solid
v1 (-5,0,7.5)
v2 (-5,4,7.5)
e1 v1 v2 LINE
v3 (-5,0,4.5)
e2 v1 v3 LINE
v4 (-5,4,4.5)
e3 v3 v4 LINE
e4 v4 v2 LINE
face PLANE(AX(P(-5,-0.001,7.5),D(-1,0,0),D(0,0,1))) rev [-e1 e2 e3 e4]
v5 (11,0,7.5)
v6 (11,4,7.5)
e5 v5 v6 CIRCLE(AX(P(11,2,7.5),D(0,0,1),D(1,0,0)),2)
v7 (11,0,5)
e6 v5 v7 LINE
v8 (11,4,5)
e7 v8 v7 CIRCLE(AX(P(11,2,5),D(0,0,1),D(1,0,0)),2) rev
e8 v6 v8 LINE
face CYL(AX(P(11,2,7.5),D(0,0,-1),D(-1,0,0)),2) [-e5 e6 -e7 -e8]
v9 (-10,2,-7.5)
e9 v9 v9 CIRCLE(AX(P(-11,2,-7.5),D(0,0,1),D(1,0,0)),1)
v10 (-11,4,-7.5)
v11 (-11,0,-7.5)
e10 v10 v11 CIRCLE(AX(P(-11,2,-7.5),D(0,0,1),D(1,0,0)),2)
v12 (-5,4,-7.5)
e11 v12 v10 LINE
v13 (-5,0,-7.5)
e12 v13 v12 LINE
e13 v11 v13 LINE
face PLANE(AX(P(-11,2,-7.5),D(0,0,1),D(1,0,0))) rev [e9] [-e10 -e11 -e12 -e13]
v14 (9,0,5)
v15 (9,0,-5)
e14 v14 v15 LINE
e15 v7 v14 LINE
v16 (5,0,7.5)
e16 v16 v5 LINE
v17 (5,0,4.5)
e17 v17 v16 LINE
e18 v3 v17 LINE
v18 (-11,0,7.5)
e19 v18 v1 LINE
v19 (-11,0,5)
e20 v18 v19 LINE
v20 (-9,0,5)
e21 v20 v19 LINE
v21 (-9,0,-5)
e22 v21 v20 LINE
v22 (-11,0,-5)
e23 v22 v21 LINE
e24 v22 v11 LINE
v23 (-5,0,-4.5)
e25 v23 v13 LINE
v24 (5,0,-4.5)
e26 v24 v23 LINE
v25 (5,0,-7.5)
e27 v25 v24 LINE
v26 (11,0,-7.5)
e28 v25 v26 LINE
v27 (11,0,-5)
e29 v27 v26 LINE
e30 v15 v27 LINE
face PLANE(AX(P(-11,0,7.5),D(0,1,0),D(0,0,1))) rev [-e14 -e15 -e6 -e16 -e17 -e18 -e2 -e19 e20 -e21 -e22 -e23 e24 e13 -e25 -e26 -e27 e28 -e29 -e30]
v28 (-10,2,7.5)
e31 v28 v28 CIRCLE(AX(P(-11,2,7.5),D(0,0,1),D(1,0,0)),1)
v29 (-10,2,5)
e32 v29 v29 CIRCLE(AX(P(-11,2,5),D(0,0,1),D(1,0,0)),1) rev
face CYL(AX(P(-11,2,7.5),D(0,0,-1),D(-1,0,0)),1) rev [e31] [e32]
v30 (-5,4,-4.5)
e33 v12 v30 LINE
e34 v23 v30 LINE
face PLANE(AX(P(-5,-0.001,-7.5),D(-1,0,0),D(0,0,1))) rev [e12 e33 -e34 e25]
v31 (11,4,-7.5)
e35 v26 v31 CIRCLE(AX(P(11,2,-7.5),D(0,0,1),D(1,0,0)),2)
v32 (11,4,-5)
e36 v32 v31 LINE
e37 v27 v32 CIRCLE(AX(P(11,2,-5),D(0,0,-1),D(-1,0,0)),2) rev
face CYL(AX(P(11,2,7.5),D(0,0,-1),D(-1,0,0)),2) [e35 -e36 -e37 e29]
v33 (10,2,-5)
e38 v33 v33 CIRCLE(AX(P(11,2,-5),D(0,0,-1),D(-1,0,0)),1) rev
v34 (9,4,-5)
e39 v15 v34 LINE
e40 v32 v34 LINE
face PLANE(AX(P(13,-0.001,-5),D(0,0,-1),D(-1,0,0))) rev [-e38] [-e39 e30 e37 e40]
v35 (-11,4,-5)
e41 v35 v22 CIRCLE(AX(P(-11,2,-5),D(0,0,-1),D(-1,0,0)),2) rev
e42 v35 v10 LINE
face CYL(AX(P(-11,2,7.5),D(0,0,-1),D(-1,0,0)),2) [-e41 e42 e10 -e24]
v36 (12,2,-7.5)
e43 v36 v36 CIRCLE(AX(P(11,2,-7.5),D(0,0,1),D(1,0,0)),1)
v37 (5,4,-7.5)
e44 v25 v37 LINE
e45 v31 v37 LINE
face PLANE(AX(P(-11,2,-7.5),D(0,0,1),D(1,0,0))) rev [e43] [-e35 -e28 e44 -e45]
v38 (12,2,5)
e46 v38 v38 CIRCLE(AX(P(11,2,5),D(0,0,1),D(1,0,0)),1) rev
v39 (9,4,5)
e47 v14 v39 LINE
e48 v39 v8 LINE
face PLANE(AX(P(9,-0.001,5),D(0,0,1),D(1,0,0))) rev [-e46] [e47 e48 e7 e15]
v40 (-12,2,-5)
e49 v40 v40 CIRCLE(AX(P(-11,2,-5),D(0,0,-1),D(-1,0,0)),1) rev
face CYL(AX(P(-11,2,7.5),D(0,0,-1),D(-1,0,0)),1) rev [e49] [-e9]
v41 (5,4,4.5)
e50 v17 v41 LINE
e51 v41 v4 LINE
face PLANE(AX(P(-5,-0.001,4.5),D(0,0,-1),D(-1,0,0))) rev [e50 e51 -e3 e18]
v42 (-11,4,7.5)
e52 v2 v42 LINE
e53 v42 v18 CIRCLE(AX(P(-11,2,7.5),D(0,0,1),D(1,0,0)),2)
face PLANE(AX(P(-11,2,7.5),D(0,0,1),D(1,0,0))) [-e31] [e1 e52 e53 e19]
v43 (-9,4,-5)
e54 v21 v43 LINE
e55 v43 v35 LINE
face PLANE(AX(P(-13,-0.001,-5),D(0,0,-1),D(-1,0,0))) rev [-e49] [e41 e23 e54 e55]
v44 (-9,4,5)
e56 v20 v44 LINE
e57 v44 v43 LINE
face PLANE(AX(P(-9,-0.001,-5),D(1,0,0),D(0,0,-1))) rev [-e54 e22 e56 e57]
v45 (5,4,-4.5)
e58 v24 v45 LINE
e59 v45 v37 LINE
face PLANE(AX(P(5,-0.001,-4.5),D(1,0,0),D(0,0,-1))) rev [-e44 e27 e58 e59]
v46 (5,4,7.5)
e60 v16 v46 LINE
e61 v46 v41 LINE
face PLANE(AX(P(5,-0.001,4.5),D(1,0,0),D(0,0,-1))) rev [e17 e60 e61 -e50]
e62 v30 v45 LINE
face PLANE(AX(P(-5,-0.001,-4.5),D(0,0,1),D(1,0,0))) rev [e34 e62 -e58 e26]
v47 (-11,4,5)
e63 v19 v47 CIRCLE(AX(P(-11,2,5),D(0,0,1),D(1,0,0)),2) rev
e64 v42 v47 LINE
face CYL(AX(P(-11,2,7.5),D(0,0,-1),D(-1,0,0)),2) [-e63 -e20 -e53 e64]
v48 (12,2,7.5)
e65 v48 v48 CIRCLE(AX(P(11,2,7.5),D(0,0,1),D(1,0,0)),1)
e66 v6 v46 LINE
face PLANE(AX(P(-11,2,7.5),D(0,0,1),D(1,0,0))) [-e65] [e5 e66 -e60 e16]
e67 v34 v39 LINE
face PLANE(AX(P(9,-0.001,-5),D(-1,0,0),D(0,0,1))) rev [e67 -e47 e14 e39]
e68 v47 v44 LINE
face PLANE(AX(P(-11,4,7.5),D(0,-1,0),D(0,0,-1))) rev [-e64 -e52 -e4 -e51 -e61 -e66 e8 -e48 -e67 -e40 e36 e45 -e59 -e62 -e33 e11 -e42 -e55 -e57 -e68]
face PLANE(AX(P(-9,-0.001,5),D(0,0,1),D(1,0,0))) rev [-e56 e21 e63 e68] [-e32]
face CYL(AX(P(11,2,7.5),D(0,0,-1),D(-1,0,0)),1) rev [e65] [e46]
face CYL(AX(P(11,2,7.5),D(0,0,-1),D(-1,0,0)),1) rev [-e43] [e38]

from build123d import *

# Parameters (mm, degrees)
SKETCH1_R           = 1
BOSS_EXTRUDE1_DEPTH = 7.5
CUT_EXTRUDE1_REACH  = 17.532
SKETCH2_W           = 4
SKETCH2_H           = 10
SKETCH2_W_2         = 10
SKETCH2_H_2         = 3


with BuildPart() as part:
    # Sketch1 → Boss-Extrude1 (new, symmetric)
    with BuildSketch(Plane.XY):
        with BuildLine():
            Line((-11, 4), (11, 4))
            ThreePointArc((11, 4), (13, 2), (11, 0))
            Line((11, 0), (-11, 0))
            ThreePointArc((-11, 0), (-13, 2), (-11, 4))
        make_face()
        with Locations((-11, 2)):
            Circle(SKETCH1_R, mode=Mode.SUBTRACT)
        with Locations((11, 2)):
            Circle(SKETCH1_R, mode=Mode.SUBTRACT)
    extrude(amount=BOSS_EXTRUDE1_DEPTH, both=True)

    # Sketch2 → Cut-Extrude1 (cut, up to next)
    with BuildSketch(Plane(origin=(0, 4, 0), x_dir=(1, 0, 0), z_dir=(0, 1, 0)), mode=Mode.PRIVATE) as cut_extrude1_sk1:
        with Locations((-11, 0)):
            Rectangle(SKETCH2_W, SKETCH2_H)
    cut_extrude1_tool1 = extrude(cut_extrude1_sk1.sketch, amount=-CUT_EXTRUDE1_REACH, mode=Mode.PRIVATE) & part.part
    # Sketch2 → Cut-Extrude1 (cut, up to next)
    with BuildSketch(Plane(origin=(0, 4, 0), x_dir=(1, 0, 0), z_dir=(0, 1, 0)), mode=Mode.PRIVATE) as cut_extrude1_sk2:
        with Locations((0, 6)):
            Rectangle(SKETCH2_W_2, SKETCH2_H_2)
    cut_extrude1_tool2 = extrude(cut_extrude1_sk2.sketch, amount=-CUT_EXTRUDE1_REACH, mode=Mode.PRIVATE) & part.part
    # Sketch2 → Cut-Extrude1 (cut, up to next)
    with BuildSketch(Plane(origin=(0, 4, 0), x_dir=(1, 0, 0), z_dir=(0, 1, 0)), mode=Mode.PRIVATE) as cut_extrude1_sk3:
        with Locations((0, -6)):
            Rectangle(SKETCH2_W_2, SKETCH2_H_2)
    cut_extrude1_tool3 = extrude(cut_extrude1_sk3.sketch, amount=-CUT_EXTRUDE1_REACH, mode=Mode.PRIVATE) & part.part
    # Sketch2 → Cut-Extrude1 (cut, up to next)
    with BuildSketch(Plane(origin=(0, 4, 0), x_dir=(1, 0, 0), z_dir=(0, 1, 0)), mode=Mode.PRIVATE) as cut_extrude1_sk4:
        with Locations((11, 0)):
            Rectangle(SKETCH2_W, SKETCH2_H)
    cut_extrude1_tool4 = extrude(cut_extrude1_sk4.sketch, amount=-CUT_EXTRUDE1_REACH, mode=Mode.PRIVATE) & part.part
    add(cut_extrude1_tool1.solids().sort_by_distance((-11, 4, 0))[0], mode=Mode.SUBTRACT)
    add(cut_extrude1_tool2.solids().sort_by_distance((0, 4, -6))[0], mode=Mode.SUBTRACT)
    add(cut_extrude1_tool3.solids().sort_by_distance((0, 4, 6))[0], mode=Mode.SUBTRACT)
    add(cut_extrude1_tool4.solids().sort_by_distance((11, 4, 0))[0], mode=Mode.SUBTRACT)


solid = part.part
